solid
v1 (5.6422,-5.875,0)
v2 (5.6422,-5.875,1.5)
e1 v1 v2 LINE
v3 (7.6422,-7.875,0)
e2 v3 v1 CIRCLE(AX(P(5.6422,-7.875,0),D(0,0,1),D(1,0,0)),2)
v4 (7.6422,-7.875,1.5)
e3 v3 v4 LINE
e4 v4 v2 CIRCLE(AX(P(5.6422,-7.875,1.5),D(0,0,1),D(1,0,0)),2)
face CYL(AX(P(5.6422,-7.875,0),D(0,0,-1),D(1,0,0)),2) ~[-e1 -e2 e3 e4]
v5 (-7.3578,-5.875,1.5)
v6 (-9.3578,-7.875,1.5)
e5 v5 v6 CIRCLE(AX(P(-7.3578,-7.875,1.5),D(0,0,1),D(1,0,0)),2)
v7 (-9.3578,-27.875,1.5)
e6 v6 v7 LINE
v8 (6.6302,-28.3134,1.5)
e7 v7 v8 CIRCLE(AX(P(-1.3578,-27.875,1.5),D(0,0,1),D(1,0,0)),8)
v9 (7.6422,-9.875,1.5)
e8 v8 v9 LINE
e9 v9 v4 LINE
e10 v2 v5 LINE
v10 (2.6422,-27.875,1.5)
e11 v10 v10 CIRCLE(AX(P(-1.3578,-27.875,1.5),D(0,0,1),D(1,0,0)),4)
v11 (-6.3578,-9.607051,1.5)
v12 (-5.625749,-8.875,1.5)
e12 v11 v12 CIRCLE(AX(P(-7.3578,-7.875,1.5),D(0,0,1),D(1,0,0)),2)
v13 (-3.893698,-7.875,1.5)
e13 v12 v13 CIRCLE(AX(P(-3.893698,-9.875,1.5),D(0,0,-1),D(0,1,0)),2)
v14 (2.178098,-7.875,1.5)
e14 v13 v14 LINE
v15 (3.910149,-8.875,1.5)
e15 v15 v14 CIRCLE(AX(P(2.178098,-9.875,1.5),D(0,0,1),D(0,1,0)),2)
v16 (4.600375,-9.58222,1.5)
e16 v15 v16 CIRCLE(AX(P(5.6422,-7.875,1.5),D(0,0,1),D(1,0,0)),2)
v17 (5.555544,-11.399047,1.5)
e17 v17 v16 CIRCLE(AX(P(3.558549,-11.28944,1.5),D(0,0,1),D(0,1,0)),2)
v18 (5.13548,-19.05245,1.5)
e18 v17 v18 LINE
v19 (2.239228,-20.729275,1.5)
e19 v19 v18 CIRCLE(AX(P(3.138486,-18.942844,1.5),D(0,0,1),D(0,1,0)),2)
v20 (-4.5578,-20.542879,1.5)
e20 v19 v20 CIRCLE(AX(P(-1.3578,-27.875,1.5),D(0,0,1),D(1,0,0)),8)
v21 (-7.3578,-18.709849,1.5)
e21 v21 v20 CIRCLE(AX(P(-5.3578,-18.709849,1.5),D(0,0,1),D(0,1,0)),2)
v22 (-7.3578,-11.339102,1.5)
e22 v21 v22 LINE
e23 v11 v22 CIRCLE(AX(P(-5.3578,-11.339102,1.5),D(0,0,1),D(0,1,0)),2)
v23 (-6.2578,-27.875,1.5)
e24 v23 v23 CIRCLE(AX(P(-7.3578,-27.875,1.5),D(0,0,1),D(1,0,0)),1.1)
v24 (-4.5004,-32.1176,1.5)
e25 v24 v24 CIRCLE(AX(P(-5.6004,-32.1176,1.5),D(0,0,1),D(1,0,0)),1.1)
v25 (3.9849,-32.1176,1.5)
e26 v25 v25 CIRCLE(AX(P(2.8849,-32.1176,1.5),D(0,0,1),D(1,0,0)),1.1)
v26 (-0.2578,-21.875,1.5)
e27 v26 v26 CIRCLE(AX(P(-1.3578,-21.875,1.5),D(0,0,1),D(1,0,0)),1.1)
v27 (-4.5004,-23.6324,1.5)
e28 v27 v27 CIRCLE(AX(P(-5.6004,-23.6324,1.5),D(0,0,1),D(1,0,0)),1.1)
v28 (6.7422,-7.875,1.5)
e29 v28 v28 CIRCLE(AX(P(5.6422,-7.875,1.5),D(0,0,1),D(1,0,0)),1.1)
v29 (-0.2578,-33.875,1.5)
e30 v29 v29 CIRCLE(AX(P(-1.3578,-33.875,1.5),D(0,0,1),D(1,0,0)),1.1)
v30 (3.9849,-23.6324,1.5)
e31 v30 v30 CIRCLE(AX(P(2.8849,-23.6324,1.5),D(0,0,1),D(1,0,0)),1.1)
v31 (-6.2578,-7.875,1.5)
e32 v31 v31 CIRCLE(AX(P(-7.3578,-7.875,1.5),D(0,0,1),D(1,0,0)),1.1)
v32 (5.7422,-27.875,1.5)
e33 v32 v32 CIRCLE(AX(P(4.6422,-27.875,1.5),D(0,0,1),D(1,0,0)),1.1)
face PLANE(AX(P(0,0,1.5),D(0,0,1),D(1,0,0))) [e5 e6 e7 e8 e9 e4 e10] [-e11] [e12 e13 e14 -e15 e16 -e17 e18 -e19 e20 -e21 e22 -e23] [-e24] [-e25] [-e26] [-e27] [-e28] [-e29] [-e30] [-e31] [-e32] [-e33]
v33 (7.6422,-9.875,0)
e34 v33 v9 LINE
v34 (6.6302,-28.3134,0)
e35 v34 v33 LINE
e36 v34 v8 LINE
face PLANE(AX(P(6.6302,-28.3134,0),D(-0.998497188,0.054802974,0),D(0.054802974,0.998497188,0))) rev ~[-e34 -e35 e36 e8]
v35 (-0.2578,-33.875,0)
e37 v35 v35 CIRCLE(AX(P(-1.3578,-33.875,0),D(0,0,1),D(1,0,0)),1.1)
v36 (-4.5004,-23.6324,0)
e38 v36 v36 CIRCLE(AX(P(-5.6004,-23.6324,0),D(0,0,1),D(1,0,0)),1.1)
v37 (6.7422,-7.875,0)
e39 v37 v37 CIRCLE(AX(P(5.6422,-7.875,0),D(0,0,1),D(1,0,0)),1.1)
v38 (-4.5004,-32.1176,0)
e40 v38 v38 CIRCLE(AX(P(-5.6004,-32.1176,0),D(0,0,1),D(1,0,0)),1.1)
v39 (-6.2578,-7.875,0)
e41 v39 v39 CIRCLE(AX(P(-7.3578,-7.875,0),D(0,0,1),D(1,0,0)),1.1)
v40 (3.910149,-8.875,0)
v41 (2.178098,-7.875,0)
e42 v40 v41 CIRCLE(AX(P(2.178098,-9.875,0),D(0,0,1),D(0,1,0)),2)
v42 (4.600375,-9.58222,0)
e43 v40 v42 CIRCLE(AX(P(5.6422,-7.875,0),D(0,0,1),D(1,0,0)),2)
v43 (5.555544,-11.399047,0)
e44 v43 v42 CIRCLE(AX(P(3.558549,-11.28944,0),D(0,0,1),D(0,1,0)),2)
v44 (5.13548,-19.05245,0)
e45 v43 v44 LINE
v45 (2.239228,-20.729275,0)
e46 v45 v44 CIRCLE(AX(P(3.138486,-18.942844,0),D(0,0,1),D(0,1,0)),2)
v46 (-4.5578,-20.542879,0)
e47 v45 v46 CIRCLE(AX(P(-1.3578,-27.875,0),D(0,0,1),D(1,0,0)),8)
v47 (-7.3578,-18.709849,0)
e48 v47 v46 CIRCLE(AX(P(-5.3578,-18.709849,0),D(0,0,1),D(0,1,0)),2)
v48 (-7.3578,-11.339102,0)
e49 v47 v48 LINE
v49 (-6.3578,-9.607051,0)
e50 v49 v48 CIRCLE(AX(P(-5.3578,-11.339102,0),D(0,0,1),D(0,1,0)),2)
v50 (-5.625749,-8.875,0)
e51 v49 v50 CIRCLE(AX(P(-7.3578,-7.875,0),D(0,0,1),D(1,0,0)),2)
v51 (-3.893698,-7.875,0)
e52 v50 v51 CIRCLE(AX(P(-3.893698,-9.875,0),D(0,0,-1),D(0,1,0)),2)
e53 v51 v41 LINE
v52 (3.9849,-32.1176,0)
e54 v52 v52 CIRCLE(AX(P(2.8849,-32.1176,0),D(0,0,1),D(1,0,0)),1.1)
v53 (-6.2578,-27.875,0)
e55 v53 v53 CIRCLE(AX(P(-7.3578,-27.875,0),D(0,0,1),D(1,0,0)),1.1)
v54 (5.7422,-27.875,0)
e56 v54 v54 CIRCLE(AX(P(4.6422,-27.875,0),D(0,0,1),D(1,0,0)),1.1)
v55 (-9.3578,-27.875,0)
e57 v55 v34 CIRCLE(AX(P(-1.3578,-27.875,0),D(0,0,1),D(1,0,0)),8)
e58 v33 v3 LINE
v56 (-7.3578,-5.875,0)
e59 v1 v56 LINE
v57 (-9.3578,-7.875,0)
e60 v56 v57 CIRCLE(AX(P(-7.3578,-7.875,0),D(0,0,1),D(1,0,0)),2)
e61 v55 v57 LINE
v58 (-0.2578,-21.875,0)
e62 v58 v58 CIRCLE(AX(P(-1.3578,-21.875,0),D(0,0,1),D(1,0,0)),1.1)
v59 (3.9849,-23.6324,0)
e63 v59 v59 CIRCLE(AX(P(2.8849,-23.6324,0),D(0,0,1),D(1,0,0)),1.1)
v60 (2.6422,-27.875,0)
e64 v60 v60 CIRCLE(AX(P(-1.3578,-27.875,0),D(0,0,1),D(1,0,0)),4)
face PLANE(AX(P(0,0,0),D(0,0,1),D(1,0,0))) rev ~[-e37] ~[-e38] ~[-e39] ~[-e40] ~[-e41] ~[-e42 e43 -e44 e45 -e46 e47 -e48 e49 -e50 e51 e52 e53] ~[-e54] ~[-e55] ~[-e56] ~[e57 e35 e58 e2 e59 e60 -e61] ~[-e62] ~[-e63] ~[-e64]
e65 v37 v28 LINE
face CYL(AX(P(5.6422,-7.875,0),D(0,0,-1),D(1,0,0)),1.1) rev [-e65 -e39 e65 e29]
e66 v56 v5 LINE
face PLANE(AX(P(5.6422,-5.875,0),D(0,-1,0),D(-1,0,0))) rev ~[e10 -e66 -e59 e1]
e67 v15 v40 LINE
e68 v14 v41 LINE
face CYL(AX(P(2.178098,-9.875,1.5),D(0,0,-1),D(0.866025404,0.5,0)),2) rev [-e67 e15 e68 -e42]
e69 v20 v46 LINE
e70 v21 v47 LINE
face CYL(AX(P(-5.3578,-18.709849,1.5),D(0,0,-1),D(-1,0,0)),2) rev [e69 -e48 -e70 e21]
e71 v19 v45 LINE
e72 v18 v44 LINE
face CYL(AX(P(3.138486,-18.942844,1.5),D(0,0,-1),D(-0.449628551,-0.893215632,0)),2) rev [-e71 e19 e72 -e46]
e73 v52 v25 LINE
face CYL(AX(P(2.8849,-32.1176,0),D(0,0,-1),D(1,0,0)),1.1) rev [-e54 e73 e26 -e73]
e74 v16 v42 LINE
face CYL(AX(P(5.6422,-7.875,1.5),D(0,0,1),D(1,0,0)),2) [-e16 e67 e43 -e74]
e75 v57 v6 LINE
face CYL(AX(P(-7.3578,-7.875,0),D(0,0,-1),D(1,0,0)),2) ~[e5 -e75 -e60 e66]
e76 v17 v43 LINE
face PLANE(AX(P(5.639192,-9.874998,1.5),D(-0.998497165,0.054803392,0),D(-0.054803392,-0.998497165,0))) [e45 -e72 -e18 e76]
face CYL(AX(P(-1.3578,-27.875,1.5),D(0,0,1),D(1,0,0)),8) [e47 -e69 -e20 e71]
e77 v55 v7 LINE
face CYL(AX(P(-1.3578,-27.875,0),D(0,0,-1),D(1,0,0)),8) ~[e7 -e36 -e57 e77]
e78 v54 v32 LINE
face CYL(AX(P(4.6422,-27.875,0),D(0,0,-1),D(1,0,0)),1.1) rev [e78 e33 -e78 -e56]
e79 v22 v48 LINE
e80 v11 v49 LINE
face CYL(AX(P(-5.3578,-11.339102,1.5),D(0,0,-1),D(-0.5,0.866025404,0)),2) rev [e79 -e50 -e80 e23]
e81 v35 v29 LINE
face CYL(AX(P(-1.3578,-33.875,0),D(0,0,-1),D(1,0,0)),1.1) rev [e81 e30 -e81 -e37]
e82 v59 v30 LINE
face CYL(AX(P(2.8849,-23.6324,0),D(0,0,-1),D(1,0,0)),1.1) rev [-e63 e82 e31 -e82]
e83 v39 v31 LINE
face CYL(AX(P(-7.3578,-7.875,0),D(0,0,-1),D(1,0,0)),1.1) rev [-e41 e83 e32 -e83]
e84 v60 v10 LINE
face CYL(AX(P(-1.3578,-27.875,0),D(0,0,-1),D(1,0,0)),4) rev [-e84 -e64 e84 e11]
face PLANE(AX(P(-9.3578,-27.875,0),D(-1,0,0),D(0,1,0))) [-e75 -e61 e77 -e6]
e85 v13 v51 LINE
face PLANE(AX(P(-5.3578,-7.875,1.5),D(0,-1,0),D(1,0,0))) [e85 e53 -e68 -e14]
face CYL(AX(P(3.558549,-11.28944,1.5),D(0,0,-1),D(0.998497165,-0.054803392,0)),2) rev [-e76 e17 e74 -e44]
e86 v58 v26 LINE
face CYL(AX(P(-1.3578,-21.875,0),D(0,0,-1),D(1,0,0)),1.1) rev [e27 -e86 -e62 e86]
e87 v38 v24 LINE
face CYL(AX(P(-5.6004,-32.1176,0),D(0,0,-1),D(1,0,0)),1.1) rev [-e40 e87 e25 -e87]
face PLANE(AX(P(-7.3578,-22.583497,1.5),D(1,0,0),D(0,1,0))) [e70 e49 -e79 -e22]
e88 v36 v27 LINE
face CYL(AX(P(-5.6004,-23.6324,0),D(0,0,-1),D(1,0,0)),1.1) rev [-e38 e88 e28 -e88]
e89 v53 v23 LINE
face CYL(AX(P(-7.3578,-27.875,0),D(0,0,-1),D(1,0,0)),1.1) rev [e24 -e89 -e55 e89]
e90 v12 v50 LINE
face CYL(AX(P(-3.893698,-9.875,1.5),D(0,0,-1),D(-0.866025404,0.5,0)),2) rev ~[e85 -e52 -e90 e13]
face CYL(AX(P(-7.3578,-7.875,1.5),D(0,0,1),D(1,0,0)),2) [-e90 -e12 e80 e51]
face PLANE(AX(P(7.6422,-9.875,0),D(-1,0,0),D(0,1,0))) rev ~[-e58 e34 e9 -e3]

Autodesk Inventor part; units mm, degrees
ref_plane "YZ Plane" through (0, 0, 0) normal (1, 0, 0) x (0, 1, 0)
ref_plane "XZ Plane" through (0, 0, 0) normal (0, 1, 0) x (-1, 0, 0)
ref_plane "XY Plane" through (0, 0, 0) normal (0, 0, 1) x (1, 0, 0)
sketch "スケッチ1" plane through (0, 0, 0) normal (0, 0, 1) x (1, 0, 0)
  circle A0 centre (5.6422, -7.875) radius 1 projected
  circle A1 centre (-7.3578, -7.875) radius 1 projected
  circle A2 centre (5.6422, -7.875) radius 1.1
  circle A3 centre (-7.3578, -7.875) radius 1.1
  circle A4 centre (-1.3578, -27.875) radius 4.1 projected
  circle A5 centre (-1.3578, -27.875) radius 4
  circle A6 centre (4.6422, -27.875) radius 1.1
  circle A7 centre (-1.3578, -27.875) radius 6 construction
  circle A8 centre (2.8849, -23.6324) radius 1.1
  circle A9 centre (-1.3578, -21.875) radius 1.1
  circle A10 centre (-5.6004, -23.6324) radius 1.1
  circle A11 centre (-7.3578, -27.875) radius 1.1
  circle A12 centre (-5.6004, -32.1176) radius 1.1
  circle A13 centre (-1.3578, -33.875) radius 1.1
  circle A14 centre (2.8849, -32.1176) radius 1.1
  line L0 (7.6422, -5.875) -> (-9.3578, -5.875)
  line L1 (-9.3578, -5.875) -> (-9.3578, -9.875)
  line L2 (-9.3578, -9.875) -> (7.6422, -9.875)
  line L3 (7.6422, -9.875) -> (7.6422, -5.875)
  circle A15 centre (-1.3578, -27.875) radius 8
  line L4 (6.6302, -28.3134) -> (7.6422, -9.875)
  line L5 (-9.3578, -27.875) -> (-9.3578, -9.875)
  circle A16 centre (5.6422, -7.875) radius 2
  circle A17 centre (-7.3578, -7.875) radius 2
  point P0 (0, 0)
  point P1 (5.6422, -5.875)
  point P2 (-7.3578, -5.875)
  point P3 (-9.3578, -7.875)
  point P4 (7.6422, -7.875)
  dimension "d4" = 12
  dimension "d0" = 2.2
  dimension "d1" = 2.2
  dimension "d2" = 8
  dimension "d3" = 2.2
  dimension "d7" = 360
  dimension "d9" = 16
  dimension "d10" = 4
  dimension "d11" = 4
extrude "押し出し1" add sketch "スケッチ1" along normal blind 1.5 contours A4 | A16 L2 A17 L0 | A16 | L3 L2 A16 | A17 | L2 L4 A15 L5 | A17 L2 L1 | A15
sketch "スケッチ2" plane through (0, 0, 1.5) normal (0, 0, 1) x (1, 0, 0)
  arc A0 (-7.3578, -5.875) -> (-9.3578, -7.875) centre (-7.3578, -7.875) ccw projected
  line L0 (-9.3578, -7.875) -> (-9.3578, -27.875) projected
  arc A1 (-9.3578, -27.875) -> (6.6302, -28.3134) centre (-1.3578, -27.875) ccw projected
  line L1 (6.6302, -28.3134) -> (7.6422, -9.875) projected
  line L2 (7.6422, -9.875) -> (7.6422, -7.875) projected
  arc A2 (7.6422, -7.875) -> (5.6422, -5.875) centre (5.6422, -7.875) ccw projected
  line L3 (5.6422, -5.875) -> (-7.3578, -5.875) projected
  circle A3 centre (4.6422, -27.875) radius 1.1 projected
  circle A4 centre (2.8849, -23.6324) radius 1.1 projected
  circle A5 centre (-1.3578, -21.875) radius 1.1 projected
  circle A6 centre (-5.6004, -23.6324) radius 1.1 projected
  circle A7 centre (-7.3578, -27.875) radius 1.1 projected
  circle A8 centre (-5.6004, -32.1176) radius 1.1 projected
  circle A9 centre (-1.3578, -33.875) radius 1.1 projected
  circle A10 centre (2.8849, -32.1176) radius 1.1 projected
  circle A11 centre (-1.3578, -27.875) radius 4 projected
  circle A12 centre (5.6422, -7.875) radius 1.1 projected
  circle A13 centre (-7.3578, -7.875) radius 1.1 projected
  line L4 (5.6422, -9.8202) -> (4.6332, -28.2038)
  arc A14 (-7.3578, -27.875) -> (4.6332, -28.2038) centre (-1.3578, -27.875) ccw
  line L5 (-7.3578, -27.875) -> (-7.3578, -7.875)
  line L6 (-7.3578, -7.875) -> (5.6422, -7.875)
  line L7 (5.6422, -7.875) -> (5.6422, -9.8202)
  circle A15 centre (5.6422, -7.875) radius 2
  circle A16 centre (-7.3578, -7.875) radius 2
  circle A17 centre (-1.3578, -27.875) radius 8
  point P0 (0, 0)
  point P1 (-7.3578, -22.5835)
  point P2 (4.9232, -22.9203)
  point P3 (5.6392, -9.875)
  point P4 (3.6422, -7.875)
  point P5 (-5.3578, -7.875)
  point P6 (-7.3578, -9.875)
  dimension "d14" = 2
  dimension "d15" = 16
extrude "押し出し2" cut sketch "スケッチ2" against normal through all contours L6 A15 L4 A17 L5 A16
fillet "フィレット1" radius 2 6 edges at (4.9232, -22.9203, 0.75) (-7.3578, -22.5835, 0.75) (-7.3578, -9.875, 0.75) (-5.3578, -7.875, 0.75) (5.6392, -9.875, 0.75) (3.6422, -7.875, 0.75)
properties part number "newnewude_2" material "アルミニウム 2014-T4"
